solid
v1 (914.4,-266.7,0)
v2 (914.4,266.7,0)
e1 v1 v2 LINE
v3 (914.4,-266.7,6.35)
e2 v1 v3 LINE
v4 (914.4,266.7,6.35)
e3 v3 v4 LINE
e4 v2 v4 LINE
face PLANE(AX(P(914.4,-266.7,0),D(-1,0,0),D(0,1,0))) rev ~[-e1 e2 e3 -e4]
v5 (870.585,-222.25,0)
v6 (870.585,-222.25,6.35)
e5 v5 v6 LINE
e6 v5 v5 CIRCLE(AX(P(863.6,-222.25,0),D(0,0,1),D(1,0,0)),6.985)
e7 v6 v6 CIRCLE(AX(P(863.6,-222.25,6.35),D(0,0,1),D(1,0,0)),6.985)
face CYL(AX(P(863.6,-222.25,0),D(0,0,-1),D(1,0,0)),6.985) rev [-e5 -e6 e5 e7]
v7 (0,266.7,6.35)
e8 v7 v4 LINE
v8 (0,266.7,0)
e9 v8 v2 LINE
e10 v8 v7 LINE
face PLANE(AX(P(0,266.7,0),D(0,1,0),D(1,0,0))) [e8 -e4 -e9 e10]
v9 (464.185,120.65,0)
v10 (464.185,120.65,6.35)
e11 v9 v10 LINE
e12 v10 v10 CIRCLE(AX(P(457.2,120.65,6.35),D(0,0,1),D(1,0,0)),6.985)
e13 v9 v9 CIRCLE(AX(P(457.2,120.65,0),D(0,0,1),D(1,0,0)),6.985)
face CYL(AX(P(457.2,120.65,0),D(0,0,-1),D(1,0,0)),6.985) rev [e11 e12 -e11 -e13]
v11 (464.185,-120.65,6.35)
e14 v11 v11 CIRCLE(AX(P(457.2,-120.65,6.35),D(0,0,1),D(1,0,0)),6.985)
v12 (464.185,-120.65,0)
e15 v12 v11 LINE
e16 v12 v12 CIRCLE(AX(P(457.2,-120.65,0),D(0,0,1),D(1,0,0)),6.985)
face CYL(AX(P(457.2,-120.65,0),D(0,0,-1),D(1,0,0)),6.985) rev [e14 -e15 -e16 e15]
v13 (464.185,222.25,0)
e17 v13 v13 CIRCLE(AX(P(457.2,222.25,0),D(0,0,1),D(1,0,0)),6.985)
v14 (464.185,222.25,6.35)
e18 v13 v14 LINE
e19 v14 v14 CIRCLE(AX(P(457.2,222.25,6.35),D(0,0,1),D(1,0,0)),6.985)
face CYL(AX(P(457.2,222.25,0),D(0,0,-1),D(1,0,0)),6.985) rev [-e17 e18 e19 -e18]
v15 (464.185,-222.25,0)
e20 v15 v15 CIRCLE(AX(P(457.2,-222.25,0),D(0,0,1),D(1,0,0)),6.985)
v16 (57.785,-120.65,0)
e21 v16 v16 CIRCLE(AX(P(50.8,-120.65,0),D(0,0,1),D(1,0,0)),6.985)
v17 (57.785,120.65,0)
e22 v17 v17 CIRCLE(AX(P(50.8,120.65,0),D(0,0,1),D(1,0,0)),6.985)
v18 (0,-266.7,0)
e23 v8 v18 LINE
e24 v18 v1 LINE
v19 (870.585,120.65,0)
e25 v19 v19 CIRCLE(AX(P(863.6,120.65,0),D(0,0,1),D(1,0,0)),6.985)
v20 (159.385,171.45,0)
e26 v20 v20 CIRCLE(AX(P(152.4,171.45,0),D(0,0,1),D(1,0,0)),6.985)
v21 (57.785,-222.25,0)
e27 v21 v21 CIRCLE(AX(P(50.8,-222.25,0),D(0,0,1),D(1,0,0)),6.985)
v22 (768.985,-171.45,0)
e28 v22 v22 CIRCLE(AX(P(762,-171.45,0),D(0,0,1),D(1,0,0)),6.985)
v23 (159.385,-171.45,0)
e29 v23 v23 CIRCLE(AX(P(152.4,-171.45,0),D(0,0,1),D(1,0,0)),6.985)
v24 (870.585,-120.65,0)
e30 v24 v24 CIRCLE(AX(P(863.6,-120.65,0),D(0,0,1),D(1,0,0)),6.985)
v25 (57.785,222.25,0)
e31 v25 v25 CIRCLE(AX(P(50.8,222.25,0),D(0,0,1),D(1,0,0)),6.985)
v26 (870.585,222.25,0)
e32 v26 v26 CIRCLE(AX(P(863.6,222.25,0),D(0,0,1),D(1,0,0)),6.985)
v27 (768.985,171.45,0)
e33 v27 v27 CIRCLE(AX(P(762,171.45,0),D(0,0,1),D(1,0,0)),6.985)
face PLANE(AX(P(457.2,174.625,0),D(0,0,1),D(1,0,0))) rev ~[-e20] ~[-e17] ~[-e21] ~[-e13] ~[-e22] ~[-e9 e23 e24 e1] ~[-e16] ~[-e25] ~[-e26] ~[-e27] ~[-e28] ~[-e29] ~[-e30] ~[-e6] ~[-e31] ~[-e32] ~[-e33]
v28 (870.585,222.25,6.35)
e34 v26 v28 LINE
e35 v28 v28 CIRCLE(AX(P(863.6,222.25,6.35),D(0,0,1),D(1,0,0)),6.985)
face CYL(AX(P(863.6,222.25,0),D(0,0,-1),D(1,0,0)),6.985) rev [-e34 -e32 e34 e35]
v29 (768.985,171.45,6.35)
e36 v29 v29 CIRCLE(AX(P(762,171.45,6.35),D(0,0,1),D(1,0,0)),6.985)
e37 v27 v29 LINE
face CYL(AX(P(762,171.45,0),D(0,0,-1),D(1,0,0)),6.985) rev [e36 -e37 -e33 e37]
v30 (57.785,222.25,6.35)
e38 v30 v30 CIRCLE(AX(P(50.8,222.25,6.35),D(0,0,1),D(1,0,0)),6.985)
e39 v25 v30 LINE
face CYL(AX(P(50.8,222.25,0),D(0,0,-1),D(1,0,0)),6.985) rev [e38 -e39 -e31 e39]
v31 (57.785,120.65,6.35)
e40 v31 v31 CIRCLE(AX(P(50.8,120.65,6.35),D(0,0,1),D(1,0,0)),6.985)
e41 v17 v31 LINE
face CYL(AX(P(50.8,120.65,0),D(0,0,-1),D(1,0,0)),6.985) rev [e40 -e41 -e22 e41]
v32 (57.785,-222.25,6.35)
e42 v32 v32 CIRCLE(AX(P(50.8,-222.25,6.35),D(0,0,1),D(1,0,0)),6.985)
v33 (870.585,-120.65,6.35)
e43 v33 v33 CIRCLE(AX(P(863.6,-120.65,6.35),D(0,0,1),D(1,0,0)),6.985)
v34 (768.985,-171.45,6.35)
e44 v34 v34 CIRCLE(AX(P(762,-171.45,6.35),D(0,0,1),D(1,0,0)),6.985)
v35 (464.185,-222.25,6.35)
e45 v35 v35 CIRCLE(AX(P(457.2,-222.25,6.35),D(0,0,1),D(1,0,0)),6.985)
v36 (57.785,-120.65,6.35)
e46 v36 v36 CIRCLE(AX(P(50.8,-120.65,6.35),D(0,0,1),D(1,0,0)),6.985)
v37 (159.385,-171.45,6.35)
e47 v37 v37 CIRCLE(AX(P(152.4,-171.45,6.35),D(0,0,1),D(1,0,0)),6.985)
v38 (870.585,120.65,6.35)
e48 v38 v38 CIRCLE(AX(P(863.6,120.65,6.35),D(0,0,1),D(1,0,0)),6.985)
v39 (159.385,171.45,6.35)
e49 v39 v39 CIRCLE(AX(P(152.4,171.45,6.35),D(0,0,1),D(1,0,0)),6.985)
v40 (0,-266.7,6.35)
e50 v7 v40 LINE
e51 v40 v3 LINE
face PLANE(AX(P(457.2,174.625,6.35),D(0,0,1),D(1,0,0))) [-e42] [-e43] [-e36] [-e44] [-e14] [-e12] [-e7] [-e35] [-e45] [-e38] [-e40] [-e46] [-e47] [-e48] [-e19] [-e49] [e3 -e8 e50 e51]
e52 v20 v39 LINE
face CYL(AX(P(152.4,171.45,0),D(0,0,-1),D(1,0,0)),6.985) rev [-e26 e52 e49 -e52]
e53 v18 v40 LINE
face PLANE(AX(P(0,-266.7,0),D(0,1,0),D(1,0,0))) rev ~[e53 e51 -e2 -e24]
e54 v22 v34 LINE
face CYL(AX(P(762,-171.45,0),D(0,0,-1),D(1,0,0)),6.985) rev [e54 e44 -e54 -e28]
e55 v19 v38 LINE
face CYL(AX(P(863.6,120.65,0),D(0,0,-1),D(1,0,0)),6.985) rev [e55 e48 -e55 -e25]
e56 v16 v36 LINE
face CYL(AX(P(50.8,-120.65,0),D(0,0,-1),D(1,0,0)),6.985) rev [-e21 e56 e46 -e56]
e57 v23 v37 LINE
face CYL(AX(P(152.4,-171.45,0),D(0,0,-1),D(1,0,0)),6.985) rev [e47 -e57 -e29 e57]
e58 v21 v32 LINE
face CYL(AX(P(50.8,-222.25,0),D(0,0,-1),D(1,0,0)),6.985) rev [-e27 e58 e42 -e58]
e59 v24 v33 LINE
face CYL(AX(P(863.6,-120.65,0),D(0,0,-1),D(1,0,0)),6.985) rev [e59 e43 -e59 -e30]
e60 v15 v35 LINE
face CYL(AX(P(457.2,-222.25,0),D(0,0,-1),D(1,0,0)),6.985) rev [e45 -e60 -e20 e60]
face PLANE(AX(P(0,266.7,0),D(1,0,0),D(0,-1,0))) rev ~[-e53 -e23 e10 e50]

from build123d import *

# Parameters (mm, degrees)
F0_W     = 914.4
F0_H     = 184.15
F0_R     = 6.985
F0_H_2   = 165.1
F1_DEPTH = 6.35


with BuildPart() as f1:
    # F0 (on Top) → F1 (new body)
    with BuildSketch(Plane.XY):
        with Locations((457.2, 174.625)):
            Rectangle(F0_W, F0_H)
        with Locations((50.8, 120.65)):
            Circle(F0_R, mode=Mode.SUBTRACT)
        with Locations((152.4, 171.45)):
            Circle(F0_R, mode=Mode.SUBTRACT)
        with Locations((50.8, 222.25)):
            Circle(F0_R, mode=Mode.SUBTRACT)
        with Locations((457.2, 120.65)):
            Circle(F0_R, mode=Mode.SUBTRACT)
        with Locations((863.6, 120.65)):
            Circle(F0_R, mode=Mode.SUBTRACT)
        with Locations((457.2, 222.25)):
            Circle(F0_R, mode=Mode.SUBTRACT)
        with Locations((762, 171.45)):
            Circle(F0_R, mode=Mode.SUBTRACT)
        with Locations((863.6, 222.25)):
            Circle(F0_R, mode=Mode.SUBTRACT)
        with Locations((457.2, 0)):
            Rectangle(F0_W, F0_H_2)
        with Locations((457.2, -174.625)):
            Rectangle(F0_W, F0_H)
        with Locations((50.8, -222.25)):
            Circle(F0_R, mode=Mode.SUBTRACT)
        with Locations((152.4, -171.45)):
            Circle(F0_R, mode=Mode.SUBTRACT)
        with Locations((50.8, -120.65)):
            Circle(F0_R, mode=Mode.SUBTRACT)
        with Locations((457.2, -222.25)):
            Circle(F0_R, mode=Mode.SUBTRACT)
        with Locations((863.6, -222.25)):
            Circle(F0_R, mode=Mode.SUBTRACT)
        with Locations((762, -171.45)):
            Circle(F0_R, mode=Mode.SUBTRACT)
        with Locations((457.2, -120.65)):
            Circle(F0_R, mode=Mode.SUBTRACT)
        with Locations((863.6, -120.65)):
            Circle(F0_R, mode=Mode.SUBTRACT)
    extrude(amount=F1_DEPTH)


solid = f1.part
